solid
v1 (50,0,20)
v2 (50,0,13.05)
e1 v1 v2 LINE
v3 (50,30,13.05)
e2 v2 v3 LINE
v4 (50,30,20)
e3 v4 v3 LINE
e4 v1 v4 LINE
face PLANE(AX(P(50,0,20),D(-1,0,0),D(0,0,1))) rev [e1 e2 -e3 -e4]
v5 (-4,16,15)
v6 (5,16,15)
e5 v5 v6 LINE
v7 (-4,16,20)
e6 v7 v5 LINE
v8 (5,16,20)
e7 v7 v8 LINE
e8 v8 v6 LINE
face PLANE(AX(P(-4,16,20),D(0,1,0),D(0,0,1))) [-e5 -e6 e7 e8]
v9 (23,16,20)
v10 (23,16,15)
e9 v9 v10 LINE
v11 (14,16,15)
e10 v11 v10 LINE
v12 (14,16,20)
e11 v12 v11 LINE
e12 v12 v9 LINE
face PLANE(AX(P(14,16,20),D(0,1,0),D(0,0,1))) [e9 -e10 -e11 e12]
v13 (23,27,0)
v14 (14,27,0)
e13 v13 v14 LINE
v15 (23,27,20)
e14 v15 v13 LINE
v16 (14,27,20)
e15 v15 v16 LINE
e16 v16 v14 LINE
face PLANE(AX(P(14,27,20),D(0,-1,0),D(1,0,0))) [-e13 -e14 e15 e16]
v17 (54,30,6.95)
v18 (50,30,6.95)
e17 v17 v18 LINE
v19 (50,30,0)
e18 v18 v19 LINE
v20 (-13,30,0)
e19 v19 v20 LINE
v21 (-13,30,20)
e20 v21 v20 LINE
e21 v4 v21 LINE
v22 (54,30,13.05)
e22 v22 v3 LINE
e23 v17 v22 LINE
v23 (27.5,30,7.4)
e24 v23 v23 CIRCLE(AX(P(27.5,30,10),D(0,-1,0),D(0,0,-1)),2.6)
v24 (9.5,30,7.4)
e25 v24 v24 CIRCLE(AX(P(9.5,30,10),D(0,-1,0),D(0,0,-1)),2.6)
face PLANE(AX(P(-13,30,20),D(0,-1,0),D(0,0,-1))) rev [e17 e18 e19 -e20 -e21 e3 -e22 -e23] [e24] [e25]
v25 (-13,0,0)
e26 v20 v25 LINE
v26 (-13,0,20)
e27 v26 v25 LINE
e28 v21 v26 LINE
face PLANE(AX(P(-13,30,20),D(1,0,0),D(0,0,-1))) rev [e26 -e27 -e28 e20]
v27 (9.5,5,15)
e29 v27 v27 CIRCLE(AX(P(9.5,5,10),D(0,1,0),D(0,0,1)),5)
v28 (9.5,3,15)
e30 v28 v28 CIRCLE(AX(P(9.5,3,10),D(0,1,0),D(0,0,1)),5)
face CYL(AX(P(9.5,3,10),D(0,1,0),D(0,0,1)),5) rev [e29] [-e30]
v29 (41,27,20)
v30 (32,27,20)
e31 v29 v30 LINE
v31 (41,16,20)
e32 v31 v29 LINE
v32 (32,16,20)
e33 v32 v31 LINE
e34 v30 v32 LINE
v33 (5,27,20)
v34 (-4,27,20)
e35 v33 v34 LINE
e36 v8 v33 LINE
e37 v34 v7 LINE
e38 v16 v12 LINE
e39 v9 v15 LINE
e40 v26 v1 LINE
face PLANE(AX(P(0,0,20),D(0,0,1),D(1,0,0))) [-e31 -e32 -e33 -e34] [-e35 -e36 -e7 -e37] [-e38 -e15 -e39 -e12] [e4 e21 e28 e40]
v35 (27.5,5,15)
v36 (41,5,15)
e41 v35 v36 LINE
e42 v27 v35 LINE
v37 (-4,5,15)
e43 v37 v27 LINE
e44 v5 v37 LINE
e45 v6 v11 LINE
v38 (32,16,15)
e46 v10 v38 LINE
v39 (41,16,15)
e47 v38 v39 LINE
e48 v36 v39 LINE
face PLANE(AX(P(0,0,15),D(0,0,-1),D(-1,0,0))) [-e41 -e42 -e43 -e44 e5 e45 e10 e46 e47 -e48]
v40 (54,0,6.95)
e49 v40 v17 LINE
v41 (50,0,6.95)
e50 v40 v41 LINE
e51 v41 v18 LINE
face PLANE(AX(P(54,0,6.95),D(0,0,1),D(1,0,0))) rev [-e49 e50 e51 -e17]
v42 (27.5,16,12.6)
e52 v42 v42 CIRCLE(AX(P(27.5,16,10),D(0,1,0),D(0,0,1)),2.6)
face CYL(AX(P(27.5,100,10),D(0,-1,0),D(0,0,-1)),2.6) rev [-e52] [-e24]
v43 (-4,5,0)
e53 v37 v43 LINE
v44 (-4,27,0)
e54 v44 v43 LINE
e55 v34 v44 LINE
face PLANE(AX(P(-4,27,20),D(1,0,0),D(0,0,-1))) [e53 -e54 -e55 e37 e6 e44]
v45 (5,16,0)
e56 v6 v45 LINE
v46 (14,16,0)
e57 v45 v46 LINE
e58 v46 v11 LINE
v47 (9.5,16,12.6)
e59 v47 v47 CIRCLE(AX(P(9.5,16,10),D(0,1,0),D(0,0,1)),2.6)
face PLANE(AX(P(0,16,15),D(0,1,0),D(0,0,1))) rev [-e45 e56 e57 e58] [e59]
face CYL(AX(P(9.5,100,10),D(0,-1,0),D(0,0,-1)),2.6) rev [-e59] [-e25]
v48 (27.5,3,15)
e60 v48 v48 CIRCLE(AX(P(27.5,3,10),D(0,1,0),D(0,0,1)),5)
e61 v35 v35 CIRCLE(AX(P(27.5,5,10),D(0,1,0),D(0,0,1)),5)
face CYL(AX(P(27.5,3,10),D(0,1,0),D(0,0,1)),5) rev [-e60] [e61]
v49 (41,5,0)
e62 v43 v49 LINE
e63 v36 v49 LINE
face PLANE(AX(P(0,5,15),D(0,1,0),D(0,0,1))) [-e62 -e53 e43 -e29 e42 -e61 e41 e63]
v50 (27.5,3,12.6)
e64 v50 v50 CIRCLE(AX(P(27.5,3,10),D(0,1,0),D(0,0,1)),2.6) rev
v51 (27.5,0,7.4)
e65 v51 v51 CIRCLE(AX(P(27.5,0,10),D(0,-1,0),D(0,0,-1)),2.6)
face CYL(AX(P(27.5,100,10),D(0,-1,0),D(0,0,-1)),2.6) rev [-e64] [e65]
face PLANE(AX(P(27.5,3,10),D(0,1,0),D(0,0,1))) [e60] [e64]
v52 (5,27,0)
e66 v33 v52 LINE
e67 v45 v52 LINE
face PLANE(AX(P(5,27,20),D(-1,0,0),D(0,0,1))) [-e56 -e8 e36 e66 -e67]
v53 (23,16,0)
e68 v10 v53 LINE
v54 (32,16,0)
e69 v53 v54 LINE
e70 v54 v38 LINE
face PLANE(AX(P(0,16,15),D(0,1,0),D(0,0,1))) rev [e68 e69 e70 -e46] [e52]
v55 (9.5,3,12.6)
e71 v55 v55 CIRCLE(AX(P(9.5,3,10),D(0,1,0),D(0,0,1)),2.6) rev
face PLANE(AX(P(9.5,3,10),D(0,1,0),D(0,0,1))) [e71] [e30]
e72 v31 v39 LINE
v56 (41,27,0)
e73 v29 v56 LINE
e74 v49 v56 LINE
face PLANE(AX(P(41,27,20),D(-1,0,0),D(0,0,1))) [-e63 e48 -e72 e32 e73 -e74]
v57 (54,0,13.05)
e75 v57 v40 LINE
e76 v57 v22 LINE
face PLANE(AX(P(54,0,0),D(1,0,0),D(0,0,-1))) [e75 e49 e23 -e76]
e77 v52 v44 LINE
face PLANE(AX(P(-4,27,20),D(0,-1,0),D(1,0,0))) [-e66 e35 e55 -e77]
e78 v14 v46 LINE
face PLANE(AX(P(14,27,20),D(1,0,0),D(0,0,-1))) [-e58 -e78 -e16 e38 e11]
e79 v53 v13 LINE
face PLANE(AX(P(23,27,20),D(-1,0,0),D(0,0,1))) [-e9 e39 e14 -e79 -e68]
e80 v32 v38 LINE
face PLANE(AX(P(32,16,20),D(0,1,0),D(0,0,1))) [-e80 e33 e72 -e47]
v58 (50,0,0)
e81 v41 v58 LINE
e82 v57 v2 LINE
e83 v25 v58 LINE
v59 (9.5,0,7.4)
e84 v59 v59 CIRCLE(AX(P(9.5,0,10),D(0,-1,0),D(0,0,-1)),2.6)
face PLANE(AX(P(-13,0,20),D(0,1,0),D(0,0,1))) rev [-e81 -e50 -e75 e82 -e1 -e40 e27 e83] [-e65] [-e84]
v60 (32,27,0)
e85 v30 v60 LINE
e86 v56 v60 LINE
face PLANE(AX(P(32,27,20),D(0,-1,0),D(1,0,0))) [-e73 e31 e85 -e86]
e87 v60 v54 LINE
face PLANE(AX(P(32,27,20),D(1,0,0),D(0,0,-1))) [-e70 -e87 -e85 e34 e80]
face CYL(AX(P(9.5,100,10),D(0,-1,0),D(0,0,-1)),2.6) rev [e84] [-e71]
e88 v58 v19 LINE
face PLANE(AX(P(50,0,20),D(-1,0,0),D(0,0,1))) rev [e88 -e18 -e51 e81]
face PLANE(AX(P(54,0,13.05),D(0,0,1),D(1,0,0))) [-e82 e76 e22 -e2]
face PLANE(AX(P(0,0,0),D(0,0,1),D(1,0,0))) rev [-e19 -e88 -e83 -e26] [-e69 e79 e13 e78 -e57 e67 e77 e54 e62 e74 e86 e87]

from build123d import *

# Parameters (mm, degrees)
SKETCH_1_W          = 63
SKETCH_1_H          = 30
SKETCH_1_W_2        = 9
SKETCH_1_H_2        = 11
EXTRUDE_2_DEPTH     = 20
SKETCH_2_W          = 9
SKETCH_2_H          = 11
CUT_EXTRUDE_1_DEPTH = 15
SKETCH_3_W          = 9
SKETCH_3_H          = 11
EXTRUDE_3_DEPTH     = 15
CUT_EXTRUDE_2_DEPTH = 100
SKETCH_6_R          = 5
CUT_EXTRUDE_3_DEPTH = 2
SKETCH_7_W          = 3.05
SKETCH_7_H          = 15
EXTRUDE_4_DEPTH     = 4


with BuildPart() as part:
    # 草图1 → 凸台-拉伸2 (new body)
    with BuildSketch(Plane.XY):
        with Locations((18.5, 15)):
            Rectangle(SKETCH_1_W, SKETCH_1_H)
        with Locations((18.5, 21.5)):
            Rectangle(SKETCH_1_W_2, SKETCH_1_H_2, mode=Mode.SUBTRACT)
        with Locations((36.5, 21.5)):
            Rectangle(SKETCH_1_W_2, SKETCH_1_H_2, mode=Mode.SUBTRACT)
        with Locations((0.5, 21.5)):
            Rectangle(SKETCH_1_W_2, SKETCH_1_H_2, mode=Mode.SUBTRACT)
    extrude(amount=EXTRUDE_2_DEPTH)

    # 草图2 → 切除-拉伸1 (cut)
    with BuildSketch(Plane(origin=(0, 0, 0), x_dir=(-1, 0, 0), z_dir=(0, 0, -1))):
        Polygon((-50, 16), (-50, 5), (4, 5), (4, 16), (-5, 16), (-14, 16), (-23, 16), (-32, 16), (-41, 16), align=None)
        with Locations((8.5, 10.5)):
            Rectangle(SKETCH_2_W, SKETCH_2_H)
    extrude(amount=-CUT_EXTRUDE_1_DEPTH, mode=Mode.SUBTRACT)

    # 草图3 → 凸台-拉伸3 (add)
    with BuildSketch(Plane(origin=(0, 0, 0), x_dir=(-1, 0, 0), z_dir=(0, 0, -1))):
        with Locations((-45.5, 10.5)):
            Rectangle(SKETCH_3_W, SKETCH_3_H)
        with Locations((8.5, 10.5)):
            Rectangle(SKETCH_3_W, SKETCH_3_H)
    extrude(amount=-EXTRUDE_3_DEPTH)

    # 草图5 → 切除-拉伸2 (cut)
    with BuildSketch(Plane.XZ):
        with BuildLine():
            ThreePointArc((27.5, 12.6), (25.661522369, 11.838477631), (24.9, 10))
            Line((24.9, 10), (27.5, 10))
            Line((27.5, 10), (27.5, 12.6))
        make_face()
        with BuildLine():
            Line((27.5, 10), (24.9, 10))
            ThreePointArc((24.9, 10), (25.661522369, 8.161522369), (27.5, 7.4))
            Line((27.5, 7.4), (27.5, 10))
        make_face()
        with BuildLine():
            Line((30.1, 10), (27.5, 10))
            Line((27.5, 10), (27.5, 7.4))
            ThreePointArc((27.5, 7.4), (29.338477631, 8.161522369), (30.1, 10))
        make_face()
        with BuildLine():
            Line((27.5, 12.6), (27.5, 10))
            Line((27.5, 10), (30.1, 10))
            ThreePointArc((30.1, 10), (29.338477631, 11.838477631), (27.5, 12.6))
        make_face()
        with BuildLine():
            Line((9.5, 10), (9.5, 7.4))
            ThreePointArc((9.5, 7.4), (11.338477631, 8.161522369), (12.1, 10))
            Line((12.1, 10), (9.5, 10))
        make_face()
        with BuildLine():
            Line((9.5, 12.6), (9.5, 10))
            Line((9.5, 10), (12.1, 10))
            ThreePointArc((12.1, 10), (11.338477631, 11.838477631), (9.5, 12.6))
        make_face()
        with BuildLine():
            ThreePointArc((6.9, 10), (7.661522369, 8.161522369), (9.5, 7.4))
            Line((9.5, 7.4), (9.5, 10))
            Line((9.5, 10), (6.9, 10))
        make_face()
        with BuildLine():
            Line((6.9, 10), (9.5, 10))
            Line((9.5, 10), (9.5, 12.6))
            ThreePointArc((9.5, 12.6), (7.661522369, 11.838477631), (6.9, 10))
        make_face()
    extrude(amount=-CUT_EXTRUDE_2_DEPTH, mode=Mode.SUBTRACT)

    # 草图6 → 切除-拉伸3 (cut)
    with BuildSketch(Plane(origin=(0, 5, 0), x_dir=(1, 0, 0), z_dir=(0, 1, 0))):
        with Locations(Location((9.5, -10, 0), (0, 0, 270))):
            Circle(SKETCH_6_R)
        with Locations(Location((27.5, -10, 0), (0, 0, 270))):
            Circle(SKETCH_6_R)
    extrude(amount=-CUT_EXTRUDE_3_DEPTH, mode=Mode.SUBTRACT)

    # 草图7 → 凸台-拉伸4 (add)
    with BuildSketch(Plane(origin=(50, 0, 0), x_dir=(0, 0, -1), z_dir=(1, 0, 0))):
        with Locations((-8.475, 22.5)):
            Rectangle(SKETCH_7_W, SKETCH_7_H)
        with Locations((-11.525, 22.5)):
            Rectangle(SKETCH_7_W, SKETCH_7_H)
        with Locations((-11.525, 7.5)):
            Rectangle(SKETCH_7_W, SKETCH_7_H)
        with Locations((-8.475, 7.5)):
            Rectangle(SKETCH_7_W, SKETCH_7_H)
    extrude(amount=EXTRUDE_4_DEPTH)


solid = part.part
